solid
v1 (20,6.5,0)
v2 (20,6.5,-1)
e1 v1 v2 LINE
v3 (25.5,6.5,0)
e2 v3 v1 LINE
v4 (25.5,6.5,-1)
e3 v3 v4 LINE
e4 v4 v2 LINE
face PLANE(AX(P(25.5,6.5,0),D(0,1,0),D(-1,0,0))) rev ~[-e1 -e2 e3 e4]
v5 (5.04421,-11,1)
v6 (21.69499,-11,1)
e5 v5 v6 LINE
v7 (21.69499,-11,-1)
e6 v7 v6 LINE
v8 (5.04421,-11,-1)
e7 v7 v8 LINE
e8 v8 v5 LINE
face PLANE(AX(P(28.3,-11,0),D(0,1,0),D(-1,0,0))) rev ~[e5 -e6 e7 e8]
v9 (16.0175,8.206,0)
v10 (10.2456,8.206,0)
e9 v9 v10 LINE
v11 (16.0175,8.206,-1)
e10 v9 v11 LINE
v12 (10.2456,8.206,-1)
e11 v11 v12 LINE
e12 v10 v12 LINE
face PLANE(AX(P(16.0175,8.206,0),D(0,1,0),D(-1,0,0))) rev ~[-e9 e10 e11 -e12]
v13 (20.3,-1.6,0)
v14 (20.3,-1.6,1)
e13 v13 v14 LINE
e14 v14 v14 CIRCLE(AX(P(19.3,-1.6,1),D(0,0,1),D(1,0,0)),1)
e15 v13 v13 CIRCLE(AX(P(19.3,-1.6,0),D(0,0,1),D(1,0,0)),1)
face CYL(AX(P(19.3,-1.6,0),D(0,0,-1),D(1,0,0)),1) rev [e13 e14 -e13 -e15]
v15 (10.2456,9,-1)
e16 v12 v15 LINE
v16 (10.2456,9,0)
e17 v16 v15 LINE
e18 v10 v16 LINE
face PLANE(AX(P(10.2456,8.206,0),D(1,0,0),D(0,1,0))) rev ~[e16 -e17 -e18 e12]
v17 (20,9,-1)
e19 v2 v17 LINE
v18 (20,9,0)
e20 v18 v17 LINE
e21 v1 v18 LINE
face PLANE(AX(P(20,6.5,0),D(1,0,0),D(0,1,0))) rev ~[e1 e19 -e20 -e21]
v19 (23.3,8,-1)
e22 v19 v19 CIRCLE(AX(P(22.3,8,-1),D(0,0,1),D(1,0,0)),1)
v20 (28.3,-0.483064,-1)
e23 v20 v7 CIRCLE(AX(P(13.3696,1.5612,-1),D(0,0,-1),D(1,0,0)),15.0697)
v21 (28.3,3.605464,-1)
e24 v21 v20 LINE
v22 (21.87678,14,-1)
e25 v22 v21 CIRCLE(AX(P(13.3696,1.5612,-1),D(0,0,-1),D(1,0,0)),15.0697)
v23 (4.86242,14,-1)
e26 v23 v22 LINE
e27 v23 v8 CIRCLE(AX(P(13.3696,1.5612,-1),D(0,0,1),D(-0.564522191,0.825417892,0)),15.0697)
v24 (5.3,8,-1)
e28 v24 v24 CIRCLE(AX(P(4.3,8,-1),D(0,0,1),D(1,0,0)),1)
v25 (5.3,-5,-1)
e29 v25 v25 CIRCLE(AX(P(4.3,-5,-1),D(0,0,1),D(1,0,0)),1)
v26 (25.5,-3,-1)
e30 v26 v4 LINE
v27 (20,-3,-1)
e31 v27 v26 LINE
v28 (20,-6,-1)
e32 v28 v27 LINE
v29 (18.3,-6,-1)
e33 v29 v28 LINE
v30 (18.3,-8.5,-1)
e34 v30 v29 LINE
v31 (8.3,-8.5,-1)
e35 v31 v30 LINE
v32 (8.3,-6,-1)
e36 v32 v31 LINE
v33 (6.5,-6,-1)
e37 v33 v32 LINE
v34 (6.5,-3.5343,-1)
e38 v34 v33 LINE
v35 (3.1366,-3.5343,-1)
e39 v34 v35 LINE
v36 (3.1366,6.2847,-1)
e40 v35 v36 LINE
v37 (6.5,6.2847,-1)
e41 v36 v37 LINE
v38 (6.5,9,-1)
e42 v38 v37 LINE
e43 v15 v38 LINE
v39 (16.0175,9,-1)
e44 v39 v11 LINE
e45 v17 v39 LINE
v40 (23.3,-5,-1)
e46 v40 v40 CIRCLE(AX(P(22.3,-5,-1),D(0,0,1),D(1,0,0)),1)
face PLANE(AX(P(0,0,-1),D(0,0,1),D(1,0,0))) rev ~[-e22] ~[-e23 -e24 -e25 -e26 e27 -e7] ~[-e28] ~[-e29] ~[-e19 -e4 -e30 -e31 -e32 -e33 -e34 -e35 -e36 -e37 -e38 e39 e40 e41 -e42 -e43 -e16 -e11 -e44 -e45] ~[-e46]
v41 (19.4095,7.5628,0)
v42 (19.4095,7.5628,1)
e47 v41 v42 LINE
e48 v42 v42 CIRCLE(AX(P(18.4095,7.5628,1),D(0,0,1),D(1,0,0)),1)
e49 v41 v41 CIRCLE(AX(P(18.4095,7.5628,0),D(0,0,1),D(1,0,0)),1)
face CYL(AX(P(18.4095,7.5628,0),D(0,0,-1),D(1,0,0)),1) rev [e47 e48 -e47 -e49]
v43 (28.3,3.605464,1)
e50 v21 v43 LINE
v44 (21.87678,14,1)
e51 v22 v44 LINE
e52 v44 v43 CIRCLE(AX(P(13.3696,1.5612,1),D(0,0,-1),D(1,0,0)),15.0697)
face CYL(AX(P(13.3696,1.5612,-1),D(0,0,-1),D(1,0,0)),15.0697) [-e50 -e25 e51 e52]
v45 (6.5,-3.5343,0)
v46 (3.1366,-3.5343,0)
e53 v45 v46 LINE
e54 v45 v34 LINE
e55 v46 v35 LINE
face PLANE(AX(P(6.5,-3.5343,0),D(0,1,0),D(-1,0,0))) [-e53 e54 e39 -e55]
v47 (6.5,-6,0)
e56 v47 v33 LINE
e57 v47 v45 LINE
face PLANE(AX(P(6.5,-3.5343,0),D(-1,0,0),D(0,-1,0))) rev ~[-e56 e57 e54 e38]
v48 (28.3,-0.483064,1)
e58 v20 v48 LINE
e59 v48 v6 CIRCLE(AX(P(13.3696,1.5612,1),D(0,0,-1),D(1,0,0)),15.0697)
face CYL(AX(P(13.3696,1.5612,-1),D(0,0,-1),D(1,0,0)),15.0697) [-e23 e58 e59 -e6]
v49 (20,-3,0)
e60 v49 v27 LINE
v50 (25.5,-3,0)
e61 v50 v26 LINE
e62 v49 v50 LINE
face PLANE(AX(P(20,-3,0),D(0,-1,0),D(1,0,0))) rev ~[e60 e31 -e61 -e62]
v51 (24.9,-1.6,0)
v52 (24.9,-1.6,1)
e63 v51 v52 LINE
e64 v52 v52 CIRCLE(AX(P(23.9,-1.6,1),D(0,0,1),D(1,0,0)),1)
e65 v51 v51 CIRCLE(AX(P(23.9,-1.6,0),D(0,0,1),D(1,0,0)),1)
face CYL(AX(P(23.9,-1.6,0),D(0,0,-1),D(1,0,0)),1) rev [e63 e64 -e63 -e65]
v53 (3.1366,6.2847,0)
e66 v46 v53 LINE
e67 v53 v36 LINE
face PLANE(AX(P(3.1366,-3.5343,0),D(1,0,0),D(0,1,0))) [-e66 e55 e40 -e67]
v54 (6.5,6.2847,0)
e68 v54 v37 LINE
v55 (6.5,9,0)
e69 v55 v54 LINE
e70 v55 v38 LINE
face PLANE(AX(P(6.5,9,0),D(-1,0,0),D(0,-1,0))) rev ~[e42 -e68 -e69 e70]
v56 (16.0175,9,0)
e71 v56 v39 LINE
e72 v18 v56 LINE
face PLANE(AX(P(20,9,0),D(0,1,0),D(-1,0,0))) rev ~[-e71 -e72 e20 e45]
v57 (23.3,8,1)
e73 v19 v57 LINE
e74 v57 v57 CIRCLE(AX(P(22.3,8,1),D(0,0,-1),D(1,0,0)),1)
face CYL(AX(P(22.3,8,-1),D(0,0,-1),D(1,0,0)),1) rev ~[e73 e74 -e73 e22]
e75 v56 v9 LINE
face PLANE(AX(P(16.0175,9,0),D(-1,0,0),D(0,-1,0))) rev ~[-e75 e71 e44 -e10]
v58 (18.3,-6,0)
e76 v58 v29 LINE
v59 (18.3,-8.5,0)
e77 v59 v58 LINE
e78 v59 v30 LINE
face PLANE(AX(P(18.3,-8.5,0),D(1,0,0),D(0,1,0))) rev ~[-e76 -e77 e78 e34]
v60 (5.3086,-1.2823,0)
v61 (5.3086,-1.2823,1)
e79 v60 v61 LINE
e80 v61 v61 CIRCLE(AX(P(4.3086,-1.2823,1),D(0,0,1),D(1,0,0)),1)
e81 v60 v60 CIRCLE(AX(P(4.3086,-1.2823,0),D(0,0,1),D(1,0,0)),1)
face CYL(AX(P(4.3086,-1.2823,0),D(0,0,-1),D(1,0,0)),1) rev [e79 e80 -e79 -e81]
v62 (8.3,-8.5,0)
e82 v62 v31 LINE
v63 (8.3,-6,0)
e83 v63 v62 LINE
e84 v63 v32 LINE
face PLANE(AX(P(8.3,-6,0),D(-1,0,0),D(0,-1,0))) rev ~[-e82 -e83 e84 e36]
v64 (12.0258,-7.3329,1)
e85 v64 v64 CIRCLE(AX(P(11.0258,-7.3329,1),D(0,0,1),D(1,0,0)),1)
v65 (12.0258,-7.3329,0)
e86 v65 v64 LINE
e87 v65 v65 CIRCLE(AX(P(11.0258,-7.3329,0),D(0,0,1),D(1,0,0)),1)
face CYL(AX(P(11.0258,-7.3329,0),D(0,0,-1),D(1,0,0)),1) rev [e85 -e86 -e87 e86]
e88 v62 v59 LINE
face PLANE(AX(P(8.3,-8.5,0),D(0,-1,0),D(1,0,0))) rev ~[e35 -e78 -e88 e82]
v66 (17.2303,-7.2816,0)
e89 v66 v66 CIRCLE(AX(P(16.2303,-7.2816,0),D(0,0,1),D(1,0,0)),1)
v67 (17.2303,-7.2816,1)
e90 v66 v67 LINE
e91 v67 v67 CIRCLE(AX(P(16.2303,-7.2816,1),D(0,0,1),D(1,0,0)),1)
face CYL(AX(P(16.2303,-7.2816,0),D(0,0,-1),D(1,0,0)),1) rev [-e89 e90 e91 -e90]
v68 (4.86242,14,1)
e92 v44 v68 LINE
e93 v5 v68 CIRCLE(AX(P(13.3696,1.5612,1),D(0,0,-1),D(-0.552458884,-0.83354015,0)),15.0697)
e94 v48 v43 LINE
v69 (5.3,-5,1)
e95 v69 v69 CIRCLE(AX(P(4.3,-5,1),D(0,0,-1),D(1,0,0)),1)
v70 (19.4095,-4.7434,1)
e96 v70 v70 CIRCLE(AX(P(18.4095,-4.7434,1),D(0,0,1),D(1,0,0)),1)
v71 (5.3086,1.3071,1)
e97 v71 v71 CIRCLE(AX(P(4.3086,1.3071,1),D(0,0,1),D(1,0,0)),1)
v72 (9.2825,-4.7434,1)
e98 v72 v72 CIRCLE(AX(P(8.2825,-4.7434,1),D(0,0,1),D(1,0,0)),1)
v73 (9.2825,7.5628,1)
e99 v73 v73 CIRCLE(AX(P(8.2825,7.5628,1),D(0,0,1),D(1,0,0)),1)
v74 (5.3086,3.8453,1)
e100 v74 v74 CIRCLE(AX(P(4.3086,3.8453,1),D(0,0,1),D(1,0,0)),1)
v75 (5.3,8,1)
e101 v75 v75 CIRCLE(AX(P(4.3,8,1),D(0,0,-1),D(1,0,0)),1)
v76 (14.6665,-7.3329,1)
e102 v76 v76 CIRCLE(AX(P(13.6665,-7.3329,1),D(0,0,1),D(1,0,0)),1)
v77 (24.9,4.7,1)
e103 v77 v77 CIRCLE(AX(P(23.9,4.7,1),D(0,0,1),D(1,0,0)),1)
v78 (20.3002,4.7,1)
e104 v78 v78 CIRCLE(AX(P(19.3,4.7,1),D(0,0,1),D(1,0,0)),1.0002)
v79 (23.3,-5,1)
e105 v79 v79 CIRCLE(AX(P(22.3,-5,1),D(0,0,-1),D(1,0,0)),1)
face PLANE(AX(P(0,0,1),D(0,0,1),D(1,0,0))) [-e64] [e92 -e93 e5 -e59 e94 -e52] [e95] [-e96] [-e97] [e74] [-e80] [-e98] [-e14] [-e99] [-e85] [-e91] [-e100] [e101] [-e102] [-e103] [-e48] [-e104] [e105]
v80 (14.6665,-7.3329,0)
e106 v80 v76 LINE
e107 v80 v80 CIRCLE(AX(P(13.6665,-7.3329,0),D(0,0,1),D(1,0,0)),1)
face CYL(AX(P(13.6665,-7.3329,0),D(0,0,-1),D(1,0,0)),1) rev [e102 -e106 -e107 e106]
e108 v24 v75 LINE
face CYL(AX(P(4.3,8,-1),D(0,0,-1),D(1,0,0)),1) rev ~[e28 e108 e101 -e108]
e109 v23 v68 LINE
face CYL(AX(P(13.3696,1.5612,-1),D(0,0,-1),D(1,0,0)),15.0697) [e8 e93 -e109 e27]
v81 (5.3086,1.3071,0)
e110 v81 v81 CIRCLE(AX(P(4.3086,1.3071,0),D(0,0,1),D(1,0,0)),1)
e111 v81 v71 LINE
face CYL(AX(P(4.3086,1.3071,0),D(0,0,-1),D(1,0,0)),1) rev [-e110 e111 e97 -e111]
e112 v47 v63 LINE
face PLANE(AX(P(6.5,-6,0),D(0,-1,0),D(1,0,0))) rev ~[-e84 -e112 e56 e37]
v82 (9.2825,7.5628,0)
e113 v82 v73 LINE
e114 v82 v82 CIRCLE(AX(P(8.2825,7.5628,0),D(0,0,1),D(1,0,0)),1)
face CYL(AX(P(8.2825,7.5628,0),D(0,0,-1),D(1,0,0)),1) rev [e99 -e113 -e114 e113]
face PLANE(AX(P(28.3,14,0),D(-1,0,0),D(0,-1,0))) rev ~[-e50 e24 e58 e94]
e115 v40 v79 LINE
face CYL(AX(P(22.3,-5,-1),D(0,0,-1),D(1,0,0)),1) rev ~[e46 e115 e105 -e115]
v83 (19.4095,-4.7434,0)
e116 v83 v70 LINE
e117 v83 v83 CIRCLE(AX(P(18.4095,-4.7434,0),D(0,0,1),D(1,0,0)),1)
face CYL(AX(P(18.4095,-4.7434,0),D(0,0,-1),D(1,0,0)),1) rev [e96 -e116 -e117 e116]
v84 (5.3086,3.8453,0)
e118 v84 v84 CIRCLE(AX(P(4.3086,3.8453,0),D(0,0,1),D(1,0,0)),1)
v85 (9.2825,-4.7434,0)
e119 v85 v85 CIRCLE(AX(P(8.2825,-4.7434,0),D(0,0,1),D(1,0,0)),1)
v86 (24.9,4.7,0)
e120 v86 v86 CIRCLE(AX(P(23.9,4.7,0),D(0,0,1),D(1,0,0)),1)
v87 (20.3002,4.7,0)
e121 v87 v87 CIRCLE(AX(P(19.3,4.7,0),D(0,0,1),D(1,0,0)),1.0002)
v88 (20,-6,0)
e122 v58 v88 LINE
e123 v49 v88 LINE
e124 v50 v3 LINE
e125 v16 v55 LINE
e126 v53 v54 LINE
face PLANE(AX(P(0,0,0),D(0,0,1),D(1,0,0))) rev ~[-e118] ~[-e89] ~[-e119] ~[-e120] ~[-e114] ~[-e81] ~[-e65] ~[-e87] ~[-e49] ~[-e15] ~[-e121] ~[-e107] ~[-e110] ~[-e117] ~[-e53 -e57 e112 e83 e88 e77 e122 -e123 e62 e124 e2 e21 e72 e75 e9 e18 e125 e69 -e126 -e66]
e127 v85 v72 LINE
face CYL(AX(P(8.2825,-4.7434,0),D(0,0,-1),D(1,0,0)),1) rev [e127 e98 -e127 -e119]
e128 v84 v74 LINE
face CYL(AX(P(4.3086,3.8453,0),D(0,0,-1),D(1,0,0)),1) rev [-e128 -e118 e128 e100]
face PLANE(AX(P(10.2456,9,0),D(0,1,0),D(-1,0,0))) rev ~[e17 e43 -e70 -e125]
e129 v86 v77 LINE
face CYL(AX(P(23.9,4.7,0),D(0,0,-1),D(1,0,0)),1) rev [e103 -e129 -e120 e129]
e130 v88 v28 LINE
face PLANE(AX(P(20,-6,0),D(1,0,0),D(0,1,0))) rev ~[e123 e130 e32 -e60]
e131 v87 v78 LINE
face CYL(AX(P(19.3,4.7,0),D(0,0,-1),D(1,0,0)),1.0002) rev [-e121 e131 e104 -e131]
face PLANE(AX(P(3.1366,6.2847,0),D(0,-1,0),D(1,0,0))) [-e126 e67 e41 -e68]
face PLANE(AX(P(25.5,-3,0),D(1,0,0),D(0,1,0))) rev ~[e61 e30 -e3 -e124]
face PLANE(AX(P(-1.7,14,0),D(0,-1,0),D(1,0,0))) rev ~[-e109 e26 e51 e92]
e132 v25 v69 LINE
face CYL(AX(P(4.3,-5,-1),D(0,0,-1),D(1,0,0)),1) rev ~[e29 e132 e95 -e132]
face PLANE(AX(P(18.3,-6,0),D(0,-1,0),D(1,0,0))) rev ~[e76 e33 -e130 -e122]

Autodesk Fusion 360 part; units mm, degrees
sketch "Sketch2" plane through (0, 0, 0) normal (0, 0, 1) x (1, 0, 0)
  circle A0 centre (19.3, 4.7) radius 1.0002
  circle A1 centre (23.9, 4.7) radius 1
  circle A2 centre (23.9, -1.6) radius 1
  circle A3 centre (19.3, -1.6) radius 1
  circle A4 centre (11.0258, -7.3329) radius 1
  circle A5 centre (13.6665, -7.3329) radius 1
  circle A6 centre (16.2303, -7.2816) radius 1
  circle A7 centre (4.3086, -1.2823) radius 1
  circle A8 centre (4.3086, 1.3071) radius 1
  circle A9 centre (4.3086, 3.8453) radius 1
  circle A10 centre (8.2825, -4.7434) radius 1
  circle A11 centre (8.2825, 7.5628) radius 1
  circle A12 centre (18.4095, 7.5628) radius 1
  circle A13 centre (18.4095, -4.7434) radius 1
  line L0 (2, 10) -> (26, 10)
  line L1 (26, 10) -> (26, -10)
  line L2 (26, -10) -> (2, -10)
  line L3 (2, -10) -> (2, 10)
  dimension "d1" = 2
  dimension "d2" = 2
  dimension "d3" = 2
  dimension "d4" = 2
  dimension "d5" = 2
  dimension "d6" = 2
  dimension "d7" = 2
  dimension "d8" = 2
  dimension "d9" = 2
  dimension "d10" = 2
  dimension "d11" = 2
  dimension "d12" = 2
extrude "Extrude1" add sketch "Sketch2" along normal blind 1
sketch "Sketch3" plane through (0, 0, 0) normal (0, 0, 1) x (1, 0, 0)
  line L0 (8.3, -8.5) -> (18.3, -8.5)
  line L1 (18.3, -8.5) -> (18.3, -4.6)
  line L2 (18.3, -4.6) -> (8.3, -4.6)
  line L3 (8.3, -4.6) -> (8.3, -8.5)
  line L4 (3.1366, 6.2847) -> (6.7858, 6.2847)
  line L5 (6.7858, 6.2847) -> (6.7858, -3.5343)
  line L6 (6.7858, -3.5343) -> (3.1366, -3.5343)
  line L7 (3.1366, -3.5343) -> (3.1366, 6.2847)
  line L8 (6.5, -5) -> (20, -5)
  line L9 (20, -5) -> (20, 9)
  line L10 (20, 9) -> (6.5, 9)
  line L11 (6.5, 9) -> (6.5, -5)
  line L12 (20, -3) -> (25.5, -3)
  line L13 (25.5, -3) -> (25.5, 6.5)
  line L14 (25.5, 6.5) -> (20, 6.5)
  line L15 (20, 6.5) -> (20, -3)
  line L16 (10.2456, 9) -> (16.0175, 9)
  line L17 (16.0175, 9) -> (16.0175, 8.206)
  line L18 (16.0175, 8.206) -> (10.2456, 8.206)
  line L19 (10.2456, 8.206) -> (10.2456, 9)
  line L20 (2, -10) -> (26, -10)
  line L21 (26, -10) -> (26, 10)
  line L22 (26, 10) -> (2, 10)
  line L23 (2, 10) -> (2, -10)
  line L24 (20, -5) -> (6.5, -5)
  line L25 (6.5, -5) -> (6.5, -6)
  line L26 (6.5, -6) -> (20, -6)
  line L27 (20, -6) -> (20, -5)
extrude "Extrude2" add sketch "Sketch3" against normal blind 1 contours L10 L16 L17 L18 L19 | L20 L21 L22 L23
sketch "Sketch4" plane through (0, 0, 0) normal (0, 0, 1) x (1, 0, 0)
  circle A0 centre (13.3, 1.5) radius 0.7133
  line L0 (13.3, 1.5) -> (28.3, 1.5)
  line L1 (28.3, 1.5) -> (28.3, 14)
  line L2 (28.3, 14) -> (13.3, 14)
  line L3 (13.3, 14) -> (13.3, 1.5)
  line L4 (13.3, 1.5) -> (28.3, 1.5)
  line L5 (28.3, 1.5) -> (28.3, -11)
  line L6 (28.3, -11) -> (13.3, -11)
  line L7 (13.3, -11) -> (13.3, 1.5)
  line L8 (13.3, 1.5) -> (-1.7, 1.5)
  line L9 (-1.7, 1.5) -> (-1.7, 14)
  line L10 (-1.7, 14) -> (13.3, 14)
  line L11 (13.3, 14) -> (13.3, 1.5)
  line L12 (13.3, 1.5) -> (-1.7, 1.5)
  line L13 (-1.7, 1.5) -> (-1.7, -11)
  line L14 (-1.7, -11) -> (13.3, -11)
  line L15 (13.3, -11) -> (13.3, 1.5)
  line L16 (26, 10) -> (2, 10)
  line L17 (2, 10) -> (2, -10)
  line L18 (2, -10) -> (26, -10)
  line L19 (26, -10) -> (26, 10)
  dimension "d19" = 15
  dimension "d20" = 12.5
  dimension "d21" = 15
  dimension "d22" = 12.5
  dimension "d23" = 15
  dimension "d24" = 12.5
  dimension "d25" = 15
  dimension "d26" = 12.5
extrude "Extrude3" add sketch "Sketch4" along normal blind 1 contours L0 L1 L2 L3 L4 L11 L16 L19 | L0 L4 L5 L6 L7 L15 L18 L19 | L3 L8 L9 L10 L11 L12 L16 L17 | L7 L8 L12 L13 L14 L15 L17 L18
extrude "Extrude4" add 1 faces at (9.5333, 12.6667, 0) along direction (0, 0, -1) blind 1
sketch "Sketch5" plane through (0, 0, -1) normal (0, 0, -1) x (1, 0, 0)
  line L0 (-1.7, 11) -> (-1.7, -14)
  line L1 (-1.7, -14) -> (28.3, -14)
  line L2 (28.3, -14) -> (28.3, 11)
  line L3 (28.3, 11) -> (-1.7, 11)
  line L4 (6.5, 3.5343) -> (6.5, 6)
  line L5 (6.5, 6) -> (8.3, 6)
  line L6 (8.3, 6) -> (8.3, 8.5)
  line L7 (8.3, 8.5) -> (18.3, 8.5)
  line L8 (18.3, 8.5) -> (18.3, 6)
  line L9 (18.3, 6) -> (20, 6)
  line L10 (20, 6) -> (20, 3)
  line L11 (20, 3) -> (25.5, 3)
  line L12 (25.5, 3) -> (25.5, -6.5)
  line L13 (25.5, -6.5) -> (20, -6.5)
  line L14 (20, -6.5) -> (20, -9)
  line L15 (20, -9) -> (16.0175, -9)
  line L16 (16.0175, -9) -> (16.0175, -8.206)
  line L17 (16.0175, -8.206) -> (10.2456, -8.206)
  line L18 (10.2456, -8.206) -> (10.2456, -9)
  line L19 (10.2456, -9) -> (6.5, -9)
  line L20 (6.5, -9) -> (6.5, -6.2847)
  line L21 (6.5, -6.2847) -> (3.1366, -6.2847)
  line L22 (3.1366, -6.2847) -> (3.1366, 3.5343)
  line L23 (3.1366, 3.5343) -> (6.5, 3.5343)
  line L24 (28.3, -14) -> (22.3, -14)
  line L25 (22.3, -14) -> (22.3, -8)
  line L26 (22.3, -8) -> (28.3, -8)
  line L27 (28.3, -8) -> (28.3, -14)
  circle A0 centre (22.3, -8) radius 1
  line L28 (28.3, 11) -> (22.3, 11)
  line L29 (22.3, 11) -> (22.3, 5)
  line L30 (22.3, 5) -> (28.3, 5)
  line L31 (28.3, 5) -> (28.3, 11)
  circle A1 centre (22.3, 5) radius 1
  line L32 (-1.7, -14) -> (4.3, -14)
  line L33 (4.3, -14) -> (4.3, -8)
  line L34 (4.3, -8) -> (-1.7, -8)
  line L35 (-1.7, -8) -> (-1.7, -14)
  circle A2 centre (4.3, -8) radius 1
  line L36 (-1.7, 11) -> (4.3, 11)
  line L37 (4.3, 11) -> (4.3, 5)
  line L38 (4.3, 5) -> (-1.7, 5)
  line L39 (-1.7, 5) -> (-1.7, 11)
  circle A3 centre (4.3, 5) radius 1
  dimension "d31" = 2
  dimension "d32" = 2
  dimension "d33" = 6
  dimension "d34" = 6
  dimension "d35" = 2
  dimension "d36" = 6
  dimension "d37" = 2
  dimension "d40" = 6
  dimension "d43" = 6
  dimension "d44" = 6
  dimension "d45" = 6
  dimension "d46" = 6
extrude "Extrude5" cut sketch "Sketch5" against normal blind 2 contours L37 L38 A3 | L37 L38 A3 | L33 L34 A2 | L33 L34 A2 | L29 L30 A1 | L29 L30 A1 | L25 L26 A0 | L25 L26 A0
sketch "Sketch6" plane through (0, 0, -1) normal (0, 0, -1) x (1, 0, 0)
  circle A0 centre (4.3, 5) radius 1
  circle A1 centre (22.3, -8) radius 1
  circle A2 centre (4.3, -8) radius 1
  circle A3 centre (22.3, 5) radius 1
  line L0 (-1.7, 11) -> (-1.7, -14)
  line L1 (-1.7, -14) -> (28.3, -14)
  line L2 (28.3, -14) -> (28.3, 11)
  line L3 (28.3, 11) -> (-1.7, 11)
  line L4 (6.5, 3.5343) -> (6.5, 6)
  line L5 (6.5, 6) -> (8.3, 6)
  line L6 (8.3, 6) -> (8.3, 8.5)
  line L7 (8.3, 8.5) -> (18.3, 8.5)
  line L8 (18.3, 8.5) -> (18.3, 6)
  line L9 (18.3, 6) -> (20, 6)
  line L10 (20, 6) -> (20, 3)
  line L11 (20, 3) -> (25.5, 3)
  line L12 (25.5, 3) -> (25.5, -6.5)
  line L13 (25.5, -6.5) -> (20, -6.5)
  line L14 (20, -6.5) -> (20, -9)
  line L15 (20, -9) -> (16.0175, -9)
  line L16 (16.0175, -9) -> (16.0175, -8.206)
  line L17 (16.0175, -8.206) -> (10.2456, -8.206)
  line L18 (10.2456, -8.206) -> (10.2456, -9)
  line L19 (10.2456, -9) -> (6.5, -9)
  line L20 (6.5, -9) -> (6.5, -6.2847)
  line L21 (6.5, -6.2847) -> (3.1366, -6.2847)
  line L22 (3.1366, -6.2847) -> (3.1366, 3.5343)
  line L23 (3.1366, 3.5343) -> (6.5, 3.5343)
  circle A4 centre (13.3696, -1.5612) radius 15.0697
extrude "Extrude6" cut sketch "Sketch6" against normal blind 2 contours L0 L3 A4 | L0 L1 A4 | L2 L3 A4 | L1 L2 A4
equation "d33 = distanceFromRightLeft"
equation "d34 = distanceFromRightLeft"
equation "d36 = distanceFromRightLeft"
equation "d40 = distanceFromTopDown"
equation "distanceFromRightLeft = 6 mm"
equation "distanceFromTopDown = 6 mm"
equation "d43 = distanceFromTopDown"
equation "d44 = distanceFromRightLeft"
equation "d45 = distanceFromTopDown"
equation "d46 = distanceFromTopDown"
